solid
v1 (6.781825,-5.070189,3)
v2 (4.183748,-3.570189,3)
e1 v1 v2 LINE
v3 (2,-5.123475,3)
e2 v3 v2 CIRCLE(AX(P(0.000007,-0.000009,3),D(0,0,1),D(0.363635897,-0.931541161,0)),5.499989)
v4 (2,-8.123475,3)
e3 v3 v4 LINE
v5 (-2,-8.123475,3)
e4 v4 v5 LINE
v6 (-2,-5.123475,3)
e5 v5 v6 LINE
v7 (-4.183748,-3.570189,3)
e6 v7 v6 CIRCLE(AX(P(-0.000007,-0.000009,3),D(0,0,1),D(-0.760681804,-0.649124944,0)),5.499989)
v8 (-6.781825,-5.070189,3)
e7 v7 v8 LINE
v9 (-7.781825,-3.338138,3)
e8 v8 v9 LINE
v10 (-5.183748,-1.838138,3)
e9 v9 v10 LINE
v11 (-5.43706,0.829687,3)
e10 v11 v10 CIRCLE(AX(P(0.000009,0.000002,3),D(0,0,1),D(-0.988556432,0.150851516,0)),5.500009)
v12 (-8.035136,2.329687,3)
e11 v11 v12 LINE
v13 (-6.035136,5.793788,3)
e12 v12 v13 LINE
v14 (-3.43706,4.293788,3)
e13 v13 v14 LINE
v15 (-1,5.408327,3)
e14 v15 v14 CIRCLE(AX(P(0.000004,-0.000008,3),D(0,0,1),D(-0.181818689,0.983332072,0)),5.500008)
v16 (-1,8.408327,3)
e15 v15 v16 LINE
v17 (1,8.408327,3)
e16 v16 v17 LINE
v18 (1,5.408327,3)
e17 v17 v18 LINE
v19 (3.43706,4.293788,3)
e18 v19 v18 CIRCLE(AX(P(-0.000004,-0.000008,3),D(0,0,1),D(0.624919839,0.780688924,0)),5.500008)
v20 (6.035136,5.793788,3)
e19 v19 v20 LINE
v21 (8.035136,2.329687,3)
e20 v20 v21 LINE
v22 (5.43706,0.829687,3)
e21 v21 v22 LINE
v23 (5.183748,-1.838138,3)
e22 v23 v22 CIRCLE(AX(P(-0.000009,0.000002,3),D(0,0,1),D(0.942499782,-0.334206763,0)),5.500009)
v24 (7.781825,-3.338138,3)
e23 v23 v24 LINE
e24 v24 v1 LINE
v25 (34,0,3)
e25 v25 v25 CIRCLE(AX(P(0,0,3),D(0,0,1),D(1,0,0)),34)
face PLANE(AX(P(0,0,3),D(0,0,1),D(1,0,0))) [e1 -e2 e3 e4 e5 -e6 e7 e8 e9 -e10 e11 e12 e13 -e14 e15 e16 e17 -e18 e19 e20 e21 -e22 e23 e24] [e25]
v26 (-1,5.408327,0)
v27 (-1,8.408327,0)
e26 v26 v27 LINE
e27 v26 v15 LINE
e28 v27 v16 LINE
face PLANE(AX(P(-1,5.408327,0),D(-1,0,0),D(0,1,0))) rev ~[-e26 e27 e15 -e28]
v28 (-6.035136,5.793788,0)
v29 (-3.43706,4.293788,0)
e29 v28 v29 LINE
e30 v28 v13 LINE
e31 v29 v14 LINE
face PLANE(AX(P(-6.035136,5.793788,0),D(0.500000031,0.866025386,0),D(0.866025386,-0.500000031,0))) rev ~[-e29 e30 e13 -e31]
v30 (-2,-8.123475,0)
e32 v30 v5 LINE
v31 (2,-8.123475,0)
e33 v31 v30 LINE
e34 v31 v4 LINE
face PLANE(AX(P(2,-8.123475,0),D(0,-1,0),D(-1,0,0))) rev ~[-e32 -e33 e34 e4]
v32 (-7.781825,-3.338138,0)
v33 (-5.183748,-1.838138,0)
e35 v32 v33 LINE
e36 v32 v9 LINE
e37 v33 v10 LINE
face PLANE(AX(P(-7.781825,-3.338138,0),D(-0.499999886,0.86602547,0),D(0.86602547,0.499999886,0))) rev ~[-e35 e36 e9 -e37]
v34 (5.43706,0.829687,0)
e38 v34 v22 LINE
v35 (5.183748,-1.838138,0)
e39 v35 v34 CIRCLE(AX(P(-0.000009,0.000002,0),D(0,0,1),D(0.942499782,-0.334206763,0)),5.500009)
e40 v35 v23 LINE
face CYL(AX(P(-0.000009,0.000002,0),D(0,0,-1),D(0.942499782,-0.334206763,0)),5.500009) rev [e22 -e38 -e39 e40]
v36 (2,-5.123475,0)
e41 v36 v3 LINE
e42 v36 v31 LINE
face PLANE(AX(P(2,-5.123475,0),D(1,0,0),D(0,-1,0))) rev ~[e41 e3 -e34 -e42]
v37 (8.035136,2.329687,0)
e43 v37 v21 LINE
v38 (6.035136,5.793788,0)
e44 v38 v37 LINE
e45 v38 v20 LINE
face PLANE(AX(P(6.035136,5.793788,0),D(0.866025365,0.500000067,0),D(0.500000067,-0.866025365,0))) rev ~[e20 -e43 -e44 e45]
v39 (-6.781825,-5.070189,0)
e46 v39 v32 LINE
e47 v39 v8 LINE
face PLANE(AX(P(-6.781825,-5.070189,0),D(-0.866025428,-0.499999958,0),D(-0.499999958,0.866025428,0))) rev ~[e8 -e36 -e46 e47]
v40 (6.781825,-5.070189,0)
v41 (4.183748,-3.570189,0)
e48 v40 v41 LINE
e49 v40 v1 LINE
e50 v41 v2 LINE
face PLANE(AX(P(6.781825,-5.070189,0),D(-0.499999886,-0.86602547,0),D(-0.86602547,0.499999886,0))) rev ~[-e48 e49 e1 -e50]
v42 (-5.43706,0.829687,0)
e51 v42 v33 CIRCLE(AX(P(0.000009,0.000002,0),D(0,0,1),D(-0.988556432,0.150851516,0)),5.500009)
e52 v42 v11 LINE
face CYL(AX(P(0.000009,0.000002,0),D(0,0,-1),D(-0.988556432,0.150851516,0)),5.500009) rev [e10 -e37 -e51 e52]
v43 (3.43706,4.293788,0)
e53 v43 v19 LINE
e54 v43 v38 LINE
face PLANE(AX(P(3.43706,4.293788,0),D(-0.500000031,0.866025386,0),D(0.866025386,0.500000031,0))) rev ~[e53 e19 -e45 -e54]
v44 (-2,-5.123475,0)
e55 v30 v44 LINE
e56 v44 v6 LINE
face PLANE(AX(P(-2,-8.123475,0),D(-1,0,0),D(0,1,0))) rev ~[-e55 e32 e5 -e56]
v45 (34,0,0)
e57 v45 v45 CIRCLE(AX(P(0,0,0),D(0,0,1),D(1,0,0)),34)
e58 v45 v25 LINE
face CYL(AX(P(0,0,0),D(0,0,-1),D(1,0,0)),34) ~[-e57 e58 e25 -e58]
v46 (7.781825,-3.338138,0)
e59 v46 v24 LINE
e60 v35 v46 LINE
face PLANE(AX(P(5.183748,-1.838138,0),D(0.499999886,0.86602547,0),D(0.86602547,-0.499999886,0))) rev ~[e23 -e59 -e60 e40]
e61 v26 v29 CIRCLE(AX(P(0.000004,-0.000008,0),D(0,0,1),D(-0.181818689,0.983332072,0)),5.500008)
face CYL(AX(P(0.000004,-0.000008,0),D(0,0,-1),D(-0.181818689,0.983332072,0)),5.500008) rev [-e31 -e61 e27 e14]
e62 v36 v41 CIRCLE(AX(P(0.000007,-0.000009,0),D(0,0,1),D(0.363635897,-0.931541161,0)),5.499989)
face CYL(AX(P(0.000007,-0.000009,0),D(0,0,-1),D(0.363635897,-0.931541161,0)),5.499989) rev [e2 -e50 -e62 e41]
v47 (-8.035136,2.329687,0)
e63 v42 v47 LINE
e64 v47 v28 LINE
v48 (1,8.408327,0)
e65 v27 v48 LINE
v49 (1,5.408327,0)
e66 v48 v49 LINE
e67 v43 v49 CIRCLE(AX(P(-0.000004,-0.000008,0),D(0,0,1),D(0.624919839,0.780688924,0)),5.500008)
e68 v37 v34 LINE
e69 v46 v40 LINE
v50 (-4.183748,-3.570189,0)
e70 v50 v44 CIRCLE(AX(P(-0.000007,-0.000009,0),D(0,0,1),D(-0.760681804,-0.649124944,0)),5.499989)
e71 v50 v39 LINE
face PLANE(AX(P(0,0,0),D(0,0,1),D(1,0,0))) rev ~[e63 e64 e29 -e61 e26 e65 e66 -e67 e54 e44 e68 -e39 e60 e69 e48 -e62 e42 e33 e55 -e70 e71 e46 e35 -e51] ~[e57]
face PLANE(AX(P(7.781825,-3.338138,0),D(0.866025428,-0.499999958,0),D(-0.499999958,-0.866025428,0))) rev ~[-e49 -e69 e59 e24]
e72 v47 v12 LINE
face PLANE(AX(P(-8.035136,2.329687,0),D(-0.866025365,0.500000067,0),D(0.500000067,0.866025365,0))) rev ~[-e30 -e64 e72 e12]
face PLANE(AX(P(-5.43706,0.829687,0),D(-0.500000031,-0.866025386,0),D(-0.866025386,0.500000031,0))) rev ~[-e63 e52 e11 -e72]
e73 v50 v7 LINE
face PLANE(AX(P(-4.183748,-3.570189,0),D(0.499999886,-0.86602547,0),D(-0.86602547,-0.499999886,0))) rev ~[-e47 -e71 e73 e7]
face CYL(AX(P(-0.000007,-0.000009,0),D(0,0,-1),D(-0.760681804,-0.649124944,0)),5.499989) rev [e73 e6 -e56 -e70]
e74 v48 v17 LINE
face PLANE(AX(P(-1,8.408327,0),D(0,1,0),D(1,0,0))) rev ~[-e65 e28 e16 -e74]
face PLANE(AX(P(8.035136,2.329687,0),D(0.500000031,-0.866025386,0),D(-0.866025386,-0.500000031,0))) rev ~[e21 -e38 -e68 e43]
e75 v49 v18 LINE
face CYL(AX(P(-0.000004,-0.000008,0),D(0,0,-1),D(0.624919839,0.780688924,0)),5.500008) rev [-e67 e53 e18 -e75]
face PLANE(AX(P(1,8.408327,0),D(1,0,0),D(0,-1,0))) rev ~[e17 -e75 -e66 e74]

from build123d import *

# Parameters (mm, degrees)
SKETCH_R  = 34
PAD_DEPTH = 3


with BuildPart() as part:
    # Sketch → Pad (new body)
    with BuildSketch(Plane.XY):
        Circle(SKETCH_R)
        with BuildLine():
            ThreePointArc((3.43706, 4.293788), (2.287449, 5.001757), (1, 5.408327))
            Line((1, 8.408327), (1, 5.408327))
            Line((-1, 8.408327), (1, 8.408327))
            Line((-1, 5.408327), (-1, 8.408327))
            ThreePointArc((-1, 5.408327), (-2.287449, 5.001757), (-3.43706, 4.293788))
            Line((-6.035136, 5.793788), (-3.43706, 4.293788))
            Line((-8.035136, 2.329687), (-6.035136, 5.793788))
            Line((-5.43706, 0.829687), (-8.035136, 2.329687))
            ThreePointArc((-5.43706, 0.829687), (-5.475373, -0.51989), (-5.183748, -1.838138))
            Line((-7.781825, -3.338138), (-5.183748, -1.838138))
            Line((-6.781825, -5.070189), (-7.781825, -3.338138))
            Line((-4.183748, -3.570189), (-6.781825, -5.070189))
            ThreePointArc((-4.183748, -3.570189), (-3.187924, -4.481868), (-2, -5.123475))
            Line((-2, -8.123475), (-2, -5.123475))
            Line((2, -8.123475), (-2, -8.123475))
            Line((2, -5.123475), (2, -8.123475))
            ThreePointArc((2, -5.123475), (3.187924, -4.481868), (4.183748, -3.570189))
            Line((6.781825, -5.070189), (4.183748, -3.570189))
            Line((7.781825, -3.338138), (6.781825, -5.070189))
            Line((5.183748, -1.838138), (7.781825, -3.338138))
            ThreePointArc((5.183748, -1.838138), (5.475373, -0.51989), (5.43706, 0.829687))
            Line((8.035136, 2.329687), (5.43706, 0.829687))
            Line((6.035136, 5.793788), (8.035136, 2.329687))
            Line((3.43706, 4.293788), (6.035136, 5.793788))
        make_face(mode=Mode.SUBTRACT)
    extrude(amount=PAD_DEPTH)


solid = part.part
